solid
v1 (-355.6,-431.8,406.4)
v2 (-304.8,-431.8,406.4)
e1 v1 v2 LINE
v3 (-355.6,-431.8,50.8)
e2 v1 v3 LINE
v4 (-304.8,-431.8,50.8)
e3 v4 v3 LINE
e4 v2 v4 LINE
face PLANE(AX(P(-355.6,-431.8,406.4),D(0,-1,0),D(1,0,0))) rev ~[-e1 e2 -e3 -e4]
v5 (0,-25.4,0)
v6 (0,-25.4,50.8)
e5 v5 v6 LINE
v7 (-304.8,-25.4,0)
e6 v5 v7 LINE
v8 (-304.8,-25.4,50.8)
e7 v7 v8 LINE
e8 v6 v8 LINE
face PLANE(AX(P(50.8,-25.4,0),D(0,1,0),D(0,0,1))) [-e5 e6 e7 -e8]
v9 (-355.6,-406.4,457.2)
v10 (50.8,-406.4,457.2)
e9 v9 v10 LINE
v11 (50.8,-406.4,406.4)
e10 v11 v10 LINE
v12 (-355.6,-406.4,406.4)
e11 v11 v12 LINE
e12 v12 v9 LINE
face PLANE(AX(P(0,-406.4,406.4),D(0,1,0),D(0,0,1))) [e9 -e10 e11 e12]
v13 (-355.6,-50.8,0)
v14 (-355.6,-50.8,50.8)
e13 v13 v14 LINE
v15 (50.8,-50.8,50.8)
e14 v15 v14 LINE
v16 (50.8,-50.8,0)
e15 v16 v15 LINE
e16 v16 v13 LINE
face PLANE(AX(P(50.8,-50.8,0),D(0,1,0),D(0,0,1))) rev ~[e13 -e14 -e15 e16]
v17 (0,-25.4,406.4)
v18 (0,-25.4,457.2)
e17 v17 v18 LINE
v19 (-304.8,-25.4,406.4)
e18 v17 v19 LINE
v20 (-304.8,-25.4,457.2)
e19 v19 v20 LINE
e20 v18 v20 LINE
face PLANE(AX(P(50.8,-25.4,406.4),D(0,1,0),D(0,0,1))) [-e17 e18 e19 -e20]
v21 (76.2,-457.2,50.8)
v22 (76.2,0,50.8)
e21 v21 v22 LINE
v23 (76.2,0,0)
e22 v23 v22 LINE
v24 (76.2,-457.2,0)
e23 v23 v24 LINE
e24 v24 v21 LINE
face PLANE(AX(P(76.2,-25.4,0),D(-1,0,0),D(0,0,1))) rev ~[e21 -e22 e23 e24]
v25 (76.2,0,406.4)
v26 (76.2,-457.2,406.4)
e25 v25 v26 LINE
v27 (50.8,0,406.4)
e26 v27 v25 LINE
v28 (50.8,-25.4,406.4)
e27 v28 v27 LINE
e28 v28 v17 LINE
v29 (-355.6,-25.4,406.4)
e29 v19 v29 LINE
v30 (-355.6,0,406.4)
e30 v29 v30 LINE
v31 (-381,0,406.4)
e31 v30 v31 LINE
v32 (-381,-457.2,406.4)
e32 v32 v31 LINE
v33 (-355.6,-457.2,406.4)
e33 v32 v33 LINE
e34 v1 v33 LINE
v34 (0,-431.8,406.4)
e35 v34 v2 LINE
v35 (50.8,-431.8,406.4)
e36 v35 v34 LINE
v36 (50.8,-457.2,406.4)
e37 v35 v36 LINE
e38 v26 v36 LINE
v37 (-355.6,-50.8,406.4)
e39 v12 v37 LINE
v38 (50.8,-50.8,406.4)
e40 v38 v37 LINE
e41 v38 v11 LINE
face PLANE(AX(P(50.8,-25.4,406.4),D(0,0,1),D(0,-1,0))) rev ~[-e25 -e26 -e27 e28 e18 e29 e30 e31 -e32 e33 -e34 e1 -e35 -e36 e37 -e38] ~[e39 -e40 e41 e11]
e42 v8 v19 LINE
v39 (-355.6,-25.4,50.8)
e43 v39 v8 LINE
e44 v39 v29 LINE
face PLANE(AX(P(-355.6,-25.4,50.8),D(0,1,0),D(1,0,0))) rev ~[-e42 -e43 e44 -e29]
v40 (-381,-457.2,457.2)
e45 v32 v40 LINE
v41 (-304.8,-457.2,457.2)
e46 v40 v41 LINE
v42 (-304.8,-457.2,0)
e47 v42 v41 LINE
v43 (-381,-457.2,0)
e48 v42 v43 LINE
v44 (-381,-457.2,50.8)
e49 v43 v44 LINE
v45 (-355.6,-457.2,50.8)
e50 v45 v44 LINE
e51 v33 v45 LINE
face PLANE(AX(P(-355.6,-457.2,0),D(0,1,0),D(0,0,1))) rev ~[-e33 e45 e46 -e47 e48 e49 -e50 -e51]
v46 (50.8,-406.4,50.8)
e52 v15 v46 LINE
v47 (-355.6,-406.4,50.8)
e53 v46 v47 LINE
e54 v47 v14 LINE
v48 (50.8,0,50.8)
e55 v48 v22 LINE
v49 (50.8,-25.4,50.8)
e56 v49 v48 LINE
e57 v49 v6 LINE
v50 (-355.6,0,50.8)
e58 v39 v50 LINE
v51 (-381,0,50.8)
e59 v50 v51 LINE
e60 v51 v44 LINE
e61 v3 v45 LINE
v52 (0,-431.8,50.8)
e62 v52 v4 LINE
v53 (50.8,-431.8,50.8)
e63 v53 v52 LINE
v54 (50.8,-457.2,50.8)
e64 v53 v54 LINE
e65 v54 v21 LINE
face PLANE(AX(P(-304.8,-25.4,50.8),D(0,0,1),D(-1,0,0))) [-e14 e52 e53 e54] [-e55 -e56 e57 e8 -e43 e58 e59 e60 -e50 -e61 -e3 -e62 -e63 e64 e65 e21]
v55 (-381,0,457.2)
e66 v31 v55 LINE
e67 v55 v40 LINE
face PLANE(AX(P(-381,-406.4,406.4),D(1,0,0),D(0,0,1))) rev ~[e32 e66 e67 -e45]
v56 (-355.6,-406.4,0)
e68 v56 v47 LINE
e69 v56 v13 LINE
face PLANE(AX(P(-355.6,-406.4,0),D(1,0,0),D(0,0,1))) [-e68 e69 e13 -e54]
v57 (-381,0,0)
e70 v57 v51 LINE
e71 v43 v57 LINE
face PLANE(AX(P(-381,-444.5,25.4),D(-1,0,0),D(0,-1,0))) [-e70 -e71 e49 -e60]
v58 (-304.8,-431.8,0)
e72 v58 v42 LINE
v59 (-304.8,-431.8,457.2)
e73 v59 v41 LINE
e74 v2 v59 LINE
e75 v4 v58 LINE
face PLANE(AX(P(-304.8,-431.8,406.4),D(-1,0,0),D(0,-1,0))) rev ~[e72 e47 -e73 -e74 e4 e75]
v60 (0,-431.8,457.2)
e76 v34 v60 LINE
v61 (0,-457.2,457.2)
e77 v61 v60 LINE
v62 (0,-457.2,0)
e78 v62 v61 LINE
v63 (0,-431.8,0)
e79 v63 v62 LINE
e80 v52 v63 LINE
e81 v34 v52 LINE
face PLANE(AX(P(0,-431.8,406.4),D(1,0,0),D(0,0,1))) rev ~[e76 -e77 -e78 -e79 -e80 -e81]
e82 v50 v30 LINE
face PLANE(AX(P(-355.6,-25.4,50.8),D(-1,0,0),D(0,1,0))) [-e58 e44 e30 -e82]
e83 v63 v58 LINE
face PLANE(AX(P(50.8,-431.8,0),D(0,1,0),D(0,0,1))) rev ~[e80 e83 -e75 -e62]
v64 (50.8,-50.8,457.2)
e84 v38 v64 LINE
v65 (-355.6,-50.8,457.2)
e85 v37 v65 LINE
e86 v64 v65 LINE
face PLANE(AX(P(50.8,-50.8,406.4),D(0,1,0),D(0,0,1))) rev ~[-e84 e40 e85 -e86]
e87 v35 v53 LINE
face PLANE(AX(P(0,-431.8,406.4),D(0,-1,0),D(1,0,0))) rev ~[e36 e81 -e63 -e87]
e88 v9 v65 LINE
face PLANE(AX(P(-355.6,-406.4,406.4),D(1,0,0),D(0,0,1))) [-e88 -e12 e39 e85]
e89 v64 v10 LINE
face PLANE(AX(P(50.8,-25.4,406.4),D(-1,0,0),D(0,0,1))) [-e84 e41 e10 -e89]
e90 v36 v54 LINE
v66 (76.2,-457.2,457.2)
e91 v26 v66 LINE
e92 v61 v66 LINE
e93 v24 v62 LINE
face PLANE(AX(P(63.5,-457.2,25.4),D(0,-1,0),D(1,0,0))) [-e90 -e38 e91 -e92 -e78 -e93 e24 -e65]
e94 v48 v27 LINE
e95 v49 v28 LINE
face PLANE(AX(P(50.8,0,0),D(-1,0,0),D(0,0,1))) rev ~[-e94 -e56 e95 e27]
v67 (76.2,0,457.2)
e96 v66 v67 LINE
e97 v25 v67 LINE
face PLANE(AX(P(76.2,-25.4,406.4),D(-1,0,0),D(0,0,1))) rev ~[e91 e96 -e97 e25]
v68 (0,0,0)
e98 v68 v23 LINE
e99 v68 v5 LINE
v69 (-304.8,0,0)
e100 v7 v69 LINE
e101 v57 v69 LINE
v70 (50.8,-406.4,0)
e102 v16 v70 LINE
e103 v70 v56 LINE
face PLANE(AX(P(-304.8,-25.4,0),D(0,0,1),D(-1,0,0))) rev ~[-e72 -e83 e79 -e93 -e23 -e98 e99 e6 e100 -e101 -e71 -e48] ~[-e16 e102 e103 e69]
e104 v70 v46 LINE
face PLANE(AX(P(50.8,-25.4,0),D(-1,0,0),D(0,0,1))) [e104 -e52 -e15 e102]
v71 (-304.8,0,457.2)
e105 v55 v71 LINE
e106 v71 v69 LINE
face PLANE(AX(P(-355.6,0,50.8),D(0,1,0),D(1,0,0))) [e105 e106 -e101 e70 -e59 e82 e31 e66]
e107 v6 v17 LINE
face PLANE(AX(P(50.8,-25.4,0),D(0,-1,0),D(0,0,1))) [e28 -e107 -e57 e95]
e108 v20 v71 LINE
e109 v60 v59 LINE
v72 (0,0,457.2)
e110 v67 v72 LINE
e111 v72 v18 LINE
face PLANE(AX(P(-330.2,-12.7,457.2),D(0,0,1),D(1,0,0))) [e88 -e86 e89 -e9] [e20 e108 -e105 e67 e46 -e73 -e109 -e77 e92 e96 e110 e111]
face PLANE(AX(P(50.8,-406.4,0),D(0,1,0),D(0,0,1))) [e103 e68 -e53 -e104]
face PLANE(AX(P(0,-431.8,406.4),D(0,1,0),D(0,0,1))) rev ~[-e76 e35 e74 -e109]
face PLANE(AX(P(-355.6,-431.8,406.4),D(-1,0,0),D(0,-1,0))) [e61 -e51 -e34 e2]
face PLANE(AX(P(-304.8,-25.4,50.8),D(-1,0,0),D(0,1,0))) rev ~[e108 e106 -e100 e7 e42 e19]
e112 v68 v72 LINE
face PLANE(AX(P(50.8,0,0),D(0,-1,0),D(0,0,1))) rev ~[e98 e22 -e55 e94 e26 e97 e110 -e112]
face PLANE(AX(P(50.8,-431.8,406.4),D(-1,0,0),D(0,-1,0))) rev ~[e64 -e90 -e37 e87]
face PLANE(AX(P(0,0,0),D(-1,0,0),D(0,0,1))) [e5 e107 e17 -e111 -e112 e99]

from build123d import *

# Parameters (mm, degrees)
F0_W      = 50.8
F0_H      = 457.2
F1_DEPTH  = 25.4
F2_W      = 25.4
F2_H      = 50.8
F3_DEPTH  = 25.4
F4_W      = 25.4
F4_H      = 50.8
F5_DEPTH  = 431.8
F6_W      = 25.4
F6_H      = 50.8
F7_DEPTH  = 50.8
F8_W      = 50.8
F8_H      = 25.4
F9_DEPTH  = 406.4
F10_W     = 25.4
F10_H     = 50.8
F11_DEPTH = 25.4
F12_W     = 25.4
F12_H     = 50.8
F13_DEPTH = 431.8
F14_W     = 50.8
F14_H     = 50.8
F15_DEPTH = 25.4
F16_W     = 25.4
F16_H     = 50.8
F17_DEPTH = 381
F18_W     = 76.2
F18_H     = 50.8
F19_DEPTH = 25.4
F20_W     = 50.8
F20_H     = 25.4
F21_DEPTH = 406.4
F22_W     = 25.4
F22_H     = 50.8
F23_DEPTH = 406.4
F24_W     = 25.4
F24_H     = 50.8
F25_DEPTH = 431.8
F26_W     = 25.4
F26_H     = 50.8
F27_DEPTH = 406.4
F28_W     = 25.4
F28_H     = 50.8
F29_DEPTH = 25.4
F30_W     = 25.4
F30_H     = 50.8
F31_DEPTH = 431.8
F32_W     = 25.4
F32_H     = 50.8
F33_DEPTH = 431.8
F34_W     = 50.8
F34_H     = 50.8
F35_DEPTH = 25.4
F36_W     = 50.8
F36_H     = 25.4
F37_DEPTH = 406.4


with BuildPart() as f1:
    # F0 (on Front) → F1 (new body)
    with BuildSketch(Plane.XZ):
        with Locations((25.4, 228.6)):
            Rectangle(F0_W, F0_H)
    extrude(amount=F1_DEPTH)

    # F2 (on face) → F3 (join)
    with BuildSketch(Plane.YZ.offset(50.8)):
        with Locations((-12.7, 431.8)):
            Rectangle(F2_W, F2_H)
    extrude(amount=F3_DEPTH)

    # F4 (on face) → F5 (join)
    with BuildSketch(Plane.XZ.offset(25.4)):
        with Locations((63.5, 431.8)):
            Rectangle(F4_W, F4_H)
    extrude(amount=F5_DEPTH)

    # F6 (on face) → F7 (join)
    with BuildSketch(Plane(origin=(50.8, 0, 0), x_dir=(0, -1, 0), z_dir=(-1, 0, 0))):
        with Locations((444.5, 431.8)):
            Rectangle(F6_W, F6_H)
    extrude(amount=F7_DEPTH)

    # F8 (on face) → F9 (join)
    with BuildSketch(Plane(origin=(0, 0, 406.4), x_dir=(1, 0, 0), z_dir=(0, 0, -1))):
        with Locations((25.4, 444.5)):
            Rectangle(F8_W, F8_H)
    extrude(amount=F9_DEPTH)

    # F10 (on face) → F11 (join)
    with BuildSketch(Plane.YZ.offset(50.8)):
        with Locations((-12.7, 25.4)):
            Rectangle(F10_W, F10_H)
    extrude(amount=F11_DEPTH)

    # F12 (on face) → F13 (join)
    with BuildSketch(Plane.XZ.offset(25.4)):
        with Locations((63.5, 25.4)):
            Rectangle(F12_W, F12_H)
    extrude(amount=F13_DEPTH)

    # F14 (on face) → F15 (join)
    with BuildSketch(Plane(origin=(0, -431.8, 0), x_dir=(-1, 0, 0), z_dir=(0, 1, 0))):
        with Locations((-25.4, 431.8)):
            Rectangle(F14_W, F14_H)
    extrude(amount=F15_DEPTH)

    # F16 (on face) → F17 (join)
    with BuildSketch(Plane(origin=(0, 0, 0), x_dir=(0, -1, 0), z_dir=(-1, 0, 0))):
        with Locations((419.1, 431.8)):
            Rectangle(F16_W, F16_H)
    extrude(amount=F17_DEPTH)

    # F18 (on face) → F19 (join)
    with BuildSketch(Plane.XZ.offset(431.8)):
        with Locations((-342.9, 431.8)):
            Rectangle(F18_W, F18_H)
    extrude(amount=F19_DEPTH)

    # F20 (on face) → F21 (join)
    with BuildSketch(Plane(origin=(0, 0, 406.4), x_dir=(1, 0, 0), z_dir=(0, 0, -1))):
        with Locations((-330.2, 444.5)):
            Rectangle(F20_W, F20_H)
    extrude(amount=F21_DEPTH)

    # F22 (on face) → F23 (join)
    with BuildSketch(Plane(origin=(0, -406.4, 0), x_dir=(-1, 0, 0), z_dir=(0, 1, 0))):
        with Locations((368.3, 431.8)):
            Rectangle(F22_W, F22_H)
    extrude(amount=F23_DEPTH)

    # F24 (on face) → F25 (join)
    with BuildSketch(Plane(origin=(50.8, 0, 0), x_dir=(0, -1, 0), z_dir=(-1, 0, 0))):
        with Locations((419.1, 25.4)):
            Rectangle(F24_W, F24_H)
    extrude(amount=F25_DEPTH)

    # F26 (on face) → F27 (join)
    with BuildSketch(Plane(origin=(0, -406.4, 0), x_dir=(-1, 0, 0), z_dir=(0, 1, 0))):
        with Locations((368.3, 25.4)):
            Rectangle(F26_W, F26_H)
    extrude(amount=F27_DEPTH)

    # F28 (on face) → F29 (join)
    with BuildSketch(Plane(origin=(-355.6, 0, 0), x_dir=(0, -1, 0), z_dir=(-1, 0, 0))):
        with Locations((444.5, 25.4)):
            Rectangle(F28_W, F28_H)
    extrude(amount=F29_DEPTH)

    # F30 (on face) → F31 (join)
    with BuildSketch(Plane(origin=(50.8, 0, 0), x_dir=(0, -1, 0), z_dir=(-1, 0, 0))):
        with Locations((38.1, 25.4)):
            Rectangle(F30_W, F30_H)
    extrude(amount=F31_DEPTH)

    # F32 (on face) → F33 (join)
    with BuildSketch(Plane(origin=(50.8, 0, 0), x_dir=(0, -1, 0), z_dir=(-1, 0, 0))):
        with Locations((38.1, 431.8)):
            Rectangle(F32_W, F32_H)
    extrude(amount=F33_DEPTH)

    # F34 (on face) → F35 (join)
    with BuildSketch(Plane(origin=(0, -25.4, 0), x_dir=(-1, 0, 0), z_dir=(0, 1, 0))):
        with Locations((330.2, 25.4)):
            Rectangle(F34_W, F34_H)
    extrude(amount=F35_DEPTH)

    # F36 (on face) → F37 (join)
    with BuildSketch(Plane.XY.offset(50.8)):
        with Locations((-330.2, -12.7)):
            Rectangle(F36_W, F36_H)
    extrude(amount=F37_DEPTH)


solid = f1.part
